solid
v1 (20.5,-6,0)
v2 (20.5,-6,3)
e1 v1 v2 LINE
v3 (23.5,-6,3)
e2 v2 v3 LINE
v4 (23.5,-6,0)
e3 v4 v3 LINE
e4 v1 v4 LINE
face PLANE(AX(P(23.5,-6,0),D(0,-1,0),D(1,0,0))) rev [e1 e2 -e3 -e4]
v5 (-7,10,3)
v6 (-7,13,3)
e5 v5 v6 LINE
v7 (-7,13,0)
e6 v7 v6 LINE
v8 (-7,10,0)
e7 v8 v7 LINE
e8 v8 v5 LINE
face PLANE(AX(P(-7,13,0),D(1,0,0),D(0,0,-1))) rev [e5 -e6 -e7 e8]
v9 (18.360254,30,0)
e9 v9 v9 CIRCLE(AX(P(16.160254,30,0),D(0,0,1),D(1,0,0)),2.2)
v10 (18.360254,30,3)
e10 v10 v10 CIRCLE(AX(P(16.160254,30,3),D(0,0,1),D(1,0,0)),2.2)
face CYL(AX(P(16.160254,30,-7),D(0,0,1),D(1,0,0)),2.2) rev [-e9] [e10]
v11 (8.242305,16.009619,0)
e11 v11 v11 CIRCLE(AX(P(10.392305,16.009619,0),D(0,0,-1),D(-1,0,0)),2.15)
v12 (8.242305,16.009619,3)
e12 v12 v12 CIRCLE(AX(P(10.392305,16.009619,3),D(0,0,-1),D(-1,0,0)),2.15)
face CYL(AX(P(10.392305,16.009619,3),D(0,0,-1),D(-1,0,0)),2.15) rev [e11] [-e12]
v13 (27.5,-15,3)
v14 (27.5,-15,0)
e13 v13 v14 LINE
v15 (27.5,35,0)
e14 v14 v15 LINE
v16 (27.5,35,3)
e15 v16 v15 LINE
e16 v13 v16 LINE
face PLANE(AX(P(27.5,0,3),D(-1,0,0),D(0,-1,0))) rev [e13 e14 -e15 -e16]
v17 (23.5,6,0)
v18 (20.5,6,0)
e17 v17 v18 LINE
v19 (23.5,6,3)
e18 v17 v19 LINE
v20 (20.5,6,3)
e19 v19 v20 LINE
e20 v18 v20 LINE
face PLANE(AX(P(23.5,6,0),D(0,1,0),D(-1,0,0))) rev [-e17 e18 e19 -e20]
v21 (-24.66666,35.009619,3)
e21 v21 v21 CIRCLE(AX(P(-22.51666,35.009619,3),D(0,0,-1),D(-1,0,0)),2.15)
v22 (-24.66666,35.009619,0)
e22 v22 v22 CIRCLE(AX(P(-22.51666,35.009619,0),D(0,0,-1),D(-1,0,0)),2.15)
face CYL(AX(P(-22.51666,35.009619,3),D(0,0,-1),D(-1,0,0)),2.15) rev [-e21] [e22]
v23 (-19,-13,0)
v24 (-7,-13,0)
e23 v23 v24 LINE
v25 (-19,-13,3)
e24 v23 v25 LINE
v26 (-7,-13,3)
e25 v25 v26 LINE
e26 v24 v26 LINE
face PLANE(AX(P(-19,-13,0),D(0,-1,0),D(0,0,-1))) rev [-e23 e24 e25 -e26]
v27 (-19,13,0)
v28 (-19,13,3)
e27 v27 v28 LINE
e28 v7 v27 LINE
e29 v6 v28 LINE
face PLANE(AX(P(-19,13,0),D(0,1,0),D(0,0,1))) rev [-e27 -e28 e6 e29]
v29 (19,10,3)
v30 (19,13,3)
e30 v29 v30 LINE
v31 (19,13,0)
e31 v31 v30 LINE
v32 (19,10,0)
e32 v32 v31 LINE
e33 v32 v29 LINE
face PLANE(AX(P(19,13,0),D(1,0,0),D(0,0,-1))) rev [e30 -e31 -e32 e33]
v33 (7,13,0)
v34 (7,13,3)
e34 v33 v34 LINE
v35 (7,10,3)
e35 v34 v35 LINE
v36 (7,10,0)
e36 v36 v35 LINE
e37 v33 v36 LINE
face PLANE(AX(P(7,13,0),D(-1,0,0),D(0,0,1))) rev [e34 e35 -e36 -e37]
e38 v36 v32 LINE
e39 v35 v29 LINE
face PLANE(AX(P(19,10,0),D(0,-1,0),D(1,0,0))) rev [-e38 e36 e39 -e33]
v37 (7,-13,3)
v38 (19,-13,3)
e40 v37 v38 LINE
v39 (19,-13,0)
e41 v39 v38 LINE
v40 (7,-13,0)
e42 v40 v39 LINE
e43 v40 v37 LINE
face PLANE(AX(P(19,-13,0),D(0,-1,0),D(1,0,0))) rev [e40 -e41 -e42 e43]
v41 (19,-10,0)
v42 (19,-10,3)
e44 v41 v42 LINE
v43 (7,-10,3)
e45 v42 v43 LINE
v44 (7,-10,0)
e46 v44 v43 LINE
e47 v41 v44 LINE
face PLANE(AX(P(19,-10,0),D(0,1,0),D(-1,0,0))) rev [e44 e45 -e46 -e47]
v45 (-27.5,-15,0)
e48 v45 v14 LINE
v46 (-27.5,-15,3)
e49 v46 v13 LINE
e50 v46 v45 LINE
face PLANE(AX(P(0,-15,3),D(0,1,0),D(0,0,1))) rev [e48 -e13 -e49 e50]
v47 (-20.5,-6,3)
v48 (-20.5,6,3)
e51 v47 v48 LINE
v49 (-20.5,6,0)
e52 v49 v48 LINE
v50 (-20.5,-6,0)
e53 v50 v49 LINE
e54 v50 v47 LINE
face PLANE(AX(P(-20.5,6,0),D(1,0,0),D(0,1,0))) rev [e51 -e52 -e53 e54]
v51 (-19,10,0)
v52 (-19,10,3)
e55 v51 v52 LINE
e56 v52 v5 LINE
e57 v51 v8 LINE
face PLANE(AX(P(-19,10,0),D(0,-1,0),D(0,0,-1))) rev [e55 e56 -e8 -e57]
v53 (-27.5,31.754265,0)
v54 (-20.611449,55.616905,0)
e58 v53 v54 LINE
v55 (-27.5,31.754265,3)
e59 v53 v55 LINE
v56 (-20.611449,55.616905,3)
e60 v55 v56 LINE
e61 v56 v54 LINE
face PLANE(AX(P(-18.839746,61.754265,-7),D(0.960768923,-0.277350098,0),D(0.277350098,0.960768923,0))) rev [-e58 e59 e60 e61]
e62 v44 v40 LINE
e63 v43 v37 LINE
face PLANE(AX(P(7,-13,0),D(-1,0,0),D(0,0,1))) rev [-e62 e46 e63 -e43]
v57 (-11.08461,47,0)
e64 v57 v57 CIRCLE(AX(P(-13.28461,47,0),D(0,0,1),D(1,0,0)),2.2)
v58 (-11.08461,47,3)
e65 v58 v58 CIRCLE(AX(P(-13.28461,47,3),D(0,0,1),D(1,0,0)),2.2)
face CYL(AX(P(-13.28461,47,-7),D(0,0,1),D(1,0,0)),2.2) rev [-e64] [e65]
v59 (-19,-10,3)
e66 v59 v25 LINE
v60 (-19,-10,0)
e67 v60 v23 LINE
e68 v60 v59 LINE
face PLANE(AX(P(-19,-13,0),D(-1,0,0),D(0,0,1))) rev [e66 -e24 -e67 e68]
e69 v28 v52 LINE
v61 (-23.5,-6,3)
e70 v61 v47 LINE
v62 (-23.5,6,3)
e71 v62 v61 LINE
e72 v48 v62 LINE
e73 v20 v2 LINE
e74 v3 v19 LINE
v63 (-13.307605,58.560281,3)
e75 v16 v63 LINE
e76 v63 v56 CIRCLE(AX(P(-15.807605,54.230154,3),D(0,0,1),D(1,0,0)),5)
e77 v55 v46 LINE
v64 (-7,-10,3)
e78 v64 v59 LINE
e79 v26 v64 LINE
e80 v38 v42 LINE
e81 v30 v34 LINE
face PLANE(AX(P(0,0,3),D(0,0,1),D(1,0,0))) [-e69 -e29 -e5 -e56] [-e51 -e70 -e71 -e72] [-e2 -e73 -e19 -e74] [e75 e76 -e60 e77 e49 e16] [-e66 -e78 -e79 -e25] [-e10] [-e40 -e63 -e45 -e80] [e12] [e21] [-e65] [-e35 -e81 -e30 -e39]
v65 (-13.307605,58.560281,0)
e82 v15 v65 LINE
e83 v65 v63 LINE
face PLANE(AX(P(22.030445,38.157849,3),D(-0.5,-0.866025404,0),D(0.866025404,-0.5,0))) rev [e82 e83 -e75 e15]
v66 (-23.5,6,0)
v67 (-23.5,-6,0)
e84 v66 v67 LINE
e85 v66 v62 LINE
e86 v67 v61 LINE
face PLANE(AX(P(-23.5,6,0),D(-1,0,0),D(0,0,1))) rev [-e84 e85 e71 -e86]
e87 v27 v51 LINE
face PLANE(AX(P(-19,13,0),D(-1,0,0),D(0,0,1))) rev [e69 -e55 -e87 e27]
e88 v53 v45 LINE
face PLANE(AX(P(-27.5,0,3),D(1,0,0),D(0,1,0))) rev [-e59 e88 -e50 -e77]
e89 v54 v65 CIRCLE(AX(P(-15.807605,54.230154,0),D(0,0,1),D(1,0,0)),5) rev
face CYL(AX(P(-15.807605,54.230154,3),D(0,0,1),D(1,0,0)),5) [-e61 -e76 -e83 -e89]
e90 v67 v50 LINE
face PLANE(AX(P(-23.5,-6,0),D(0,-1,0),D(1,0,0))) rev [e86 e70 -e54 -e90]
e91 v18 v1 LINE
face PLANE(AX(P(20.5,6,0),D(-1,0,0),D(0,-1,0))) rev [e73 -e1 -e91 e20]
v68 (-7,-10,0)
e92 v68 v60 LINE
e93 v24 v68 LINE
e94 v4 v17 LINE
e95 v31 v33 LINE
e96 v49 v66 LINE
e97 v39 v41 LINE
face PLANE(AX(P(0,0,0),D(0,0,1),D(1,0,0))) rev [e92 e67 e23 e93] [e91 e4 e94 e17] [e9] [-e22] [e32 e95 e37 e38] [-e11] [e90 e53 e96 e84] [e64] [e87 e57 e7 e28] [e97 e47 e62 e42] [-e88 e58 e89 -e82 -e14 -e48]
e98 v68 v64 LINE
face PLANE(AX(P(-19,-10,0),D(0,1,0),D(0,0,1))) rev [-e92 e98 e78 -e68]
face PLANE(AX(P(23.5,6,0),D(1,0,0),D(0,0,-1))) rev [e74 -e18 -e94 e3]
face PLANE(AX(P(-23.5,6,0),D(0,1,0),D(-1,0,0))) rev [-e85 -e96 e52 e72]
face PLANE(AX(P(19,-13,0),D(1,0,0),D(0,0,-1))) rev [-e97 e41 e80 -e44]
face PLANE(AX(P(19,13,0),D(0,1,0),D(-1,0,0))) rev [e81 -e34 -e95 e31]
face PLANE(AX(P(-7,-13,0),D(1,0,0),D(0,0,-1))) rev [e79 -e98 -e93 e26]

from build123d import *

# Parameters (mm, degrees)
SKETCH_1_W          = 55
SKETCH_1_H          = 30
EXTRUDE_1_DEPTH     = 3
SKETCH_2_W          = 12
SKETCH_2_H          = 3
SKETCH_2_W_2        = 3
SKETCH_2_H_2        = 12
CUT_EXTRUDE_1_DEPTH = 3
SKETCH_3_R          = 2.2
CUT_EXTRUDE_2_DEPTH = 10
CUT_EXTRUDE_3_DEPTH = 10
FILLET_1_R          = 5
SKETCH_5_R          = 2.15
CUT_EXTRUDE_4_DEPTH = 3


with BuildPart() as part:
    # 草图1 → 凸台-拉伸1 (new body)
    with BuildSketch(Plane.XY):
        Polygon((27.5, 35), (-27.5, 66.754264805), (-27.5, 15), (27.5, 15), align=None)
        Rectangle(SKETCH_1_W, SKETCH_1_H)
    extrude(amount=EXTRUDE_1_DEPTH)

    # 草图2 → 切除-拉伸1 (cut)
    with BuildSketch(Plane.XY.offset(3)):
        with Locations((-13, -11.5)):
            Rectangle(SKETCH_2_W, SKETCH_2_H)
        with Locations((13, -11.5)):
            Rectangle(SKETCH_2_W, SKETCH_2_H)
        with Locations((13, 11.5)):
            Rectangle(SKETCH_2_W, SKETCH_2_H)
        with Locations((-13, 11.5)):
            Rectangle(SKETCH_2_W, SKETCH_2_H)
        with Locations((22, 0)):
            Rectangle(SKETCH_2_W_2, SKETCH_2_H_2)
        with Locations((-22, 0)):
            Rectangle(SKETCH_2_W_2, SKETCH_2_H_2)
    extrude(amount=-CUT_EXTRUDE_1_DEPTH, mode=Mode.SUBTRACT)

    # 草图3 → 切除-拉伸2 (cut)
    with BuildSketch(Plane.XY.offset(3)):
        with Locations((-13.284609691, 47)):
            Circle(SKETCH_3_R)
        with Locations((16.160254038, 30)):
            Circle(SKETCH_3_R)
    extrude(amount=-CUT_EXTRUDE_2_DEPTH, mode=Mode.SUBTRACT)

    # 草图4 → 切除-拉伸3 (cut)
    with BuildSketch(Plane.XY.offset(3)):
        Polygon((-18.839745962, 61.754264805), (-27.5, 31.754264805), (-27.5, 66.754264805), align=None)
    extrude(amount=-CUT_EXTRUDE_3_DEPTH, mode=Mode.SUBTRACT)

    # 圆角1
    fillet_1_edges = [part.edges().sort_by_distance(p)[0] for p in [
        (-18.839745962, 61.754264805, 1.5),
    ]]
    fillet(fillet_1_edges, radius=FILLET_1_R)

    # 草图5 → 切除-拉伸4 (cut)
    with BuildSketch(Plane(origin=(0, 0, 0), x_dir=(-1, 0, 0), z_dir=(0, 0, -1))):
        with Locations((-10.392304845, 16.009618943)):
            Circle(SKETCH_5_R)
        with Locations((22.516660498, 35.009618943)):
            Circle(SKETCH_5_R)
    extrude(amount=-CUT_EXTRUDE_4_DEPTH, mode=Mode.SUBTRACT)


solid = part.part
